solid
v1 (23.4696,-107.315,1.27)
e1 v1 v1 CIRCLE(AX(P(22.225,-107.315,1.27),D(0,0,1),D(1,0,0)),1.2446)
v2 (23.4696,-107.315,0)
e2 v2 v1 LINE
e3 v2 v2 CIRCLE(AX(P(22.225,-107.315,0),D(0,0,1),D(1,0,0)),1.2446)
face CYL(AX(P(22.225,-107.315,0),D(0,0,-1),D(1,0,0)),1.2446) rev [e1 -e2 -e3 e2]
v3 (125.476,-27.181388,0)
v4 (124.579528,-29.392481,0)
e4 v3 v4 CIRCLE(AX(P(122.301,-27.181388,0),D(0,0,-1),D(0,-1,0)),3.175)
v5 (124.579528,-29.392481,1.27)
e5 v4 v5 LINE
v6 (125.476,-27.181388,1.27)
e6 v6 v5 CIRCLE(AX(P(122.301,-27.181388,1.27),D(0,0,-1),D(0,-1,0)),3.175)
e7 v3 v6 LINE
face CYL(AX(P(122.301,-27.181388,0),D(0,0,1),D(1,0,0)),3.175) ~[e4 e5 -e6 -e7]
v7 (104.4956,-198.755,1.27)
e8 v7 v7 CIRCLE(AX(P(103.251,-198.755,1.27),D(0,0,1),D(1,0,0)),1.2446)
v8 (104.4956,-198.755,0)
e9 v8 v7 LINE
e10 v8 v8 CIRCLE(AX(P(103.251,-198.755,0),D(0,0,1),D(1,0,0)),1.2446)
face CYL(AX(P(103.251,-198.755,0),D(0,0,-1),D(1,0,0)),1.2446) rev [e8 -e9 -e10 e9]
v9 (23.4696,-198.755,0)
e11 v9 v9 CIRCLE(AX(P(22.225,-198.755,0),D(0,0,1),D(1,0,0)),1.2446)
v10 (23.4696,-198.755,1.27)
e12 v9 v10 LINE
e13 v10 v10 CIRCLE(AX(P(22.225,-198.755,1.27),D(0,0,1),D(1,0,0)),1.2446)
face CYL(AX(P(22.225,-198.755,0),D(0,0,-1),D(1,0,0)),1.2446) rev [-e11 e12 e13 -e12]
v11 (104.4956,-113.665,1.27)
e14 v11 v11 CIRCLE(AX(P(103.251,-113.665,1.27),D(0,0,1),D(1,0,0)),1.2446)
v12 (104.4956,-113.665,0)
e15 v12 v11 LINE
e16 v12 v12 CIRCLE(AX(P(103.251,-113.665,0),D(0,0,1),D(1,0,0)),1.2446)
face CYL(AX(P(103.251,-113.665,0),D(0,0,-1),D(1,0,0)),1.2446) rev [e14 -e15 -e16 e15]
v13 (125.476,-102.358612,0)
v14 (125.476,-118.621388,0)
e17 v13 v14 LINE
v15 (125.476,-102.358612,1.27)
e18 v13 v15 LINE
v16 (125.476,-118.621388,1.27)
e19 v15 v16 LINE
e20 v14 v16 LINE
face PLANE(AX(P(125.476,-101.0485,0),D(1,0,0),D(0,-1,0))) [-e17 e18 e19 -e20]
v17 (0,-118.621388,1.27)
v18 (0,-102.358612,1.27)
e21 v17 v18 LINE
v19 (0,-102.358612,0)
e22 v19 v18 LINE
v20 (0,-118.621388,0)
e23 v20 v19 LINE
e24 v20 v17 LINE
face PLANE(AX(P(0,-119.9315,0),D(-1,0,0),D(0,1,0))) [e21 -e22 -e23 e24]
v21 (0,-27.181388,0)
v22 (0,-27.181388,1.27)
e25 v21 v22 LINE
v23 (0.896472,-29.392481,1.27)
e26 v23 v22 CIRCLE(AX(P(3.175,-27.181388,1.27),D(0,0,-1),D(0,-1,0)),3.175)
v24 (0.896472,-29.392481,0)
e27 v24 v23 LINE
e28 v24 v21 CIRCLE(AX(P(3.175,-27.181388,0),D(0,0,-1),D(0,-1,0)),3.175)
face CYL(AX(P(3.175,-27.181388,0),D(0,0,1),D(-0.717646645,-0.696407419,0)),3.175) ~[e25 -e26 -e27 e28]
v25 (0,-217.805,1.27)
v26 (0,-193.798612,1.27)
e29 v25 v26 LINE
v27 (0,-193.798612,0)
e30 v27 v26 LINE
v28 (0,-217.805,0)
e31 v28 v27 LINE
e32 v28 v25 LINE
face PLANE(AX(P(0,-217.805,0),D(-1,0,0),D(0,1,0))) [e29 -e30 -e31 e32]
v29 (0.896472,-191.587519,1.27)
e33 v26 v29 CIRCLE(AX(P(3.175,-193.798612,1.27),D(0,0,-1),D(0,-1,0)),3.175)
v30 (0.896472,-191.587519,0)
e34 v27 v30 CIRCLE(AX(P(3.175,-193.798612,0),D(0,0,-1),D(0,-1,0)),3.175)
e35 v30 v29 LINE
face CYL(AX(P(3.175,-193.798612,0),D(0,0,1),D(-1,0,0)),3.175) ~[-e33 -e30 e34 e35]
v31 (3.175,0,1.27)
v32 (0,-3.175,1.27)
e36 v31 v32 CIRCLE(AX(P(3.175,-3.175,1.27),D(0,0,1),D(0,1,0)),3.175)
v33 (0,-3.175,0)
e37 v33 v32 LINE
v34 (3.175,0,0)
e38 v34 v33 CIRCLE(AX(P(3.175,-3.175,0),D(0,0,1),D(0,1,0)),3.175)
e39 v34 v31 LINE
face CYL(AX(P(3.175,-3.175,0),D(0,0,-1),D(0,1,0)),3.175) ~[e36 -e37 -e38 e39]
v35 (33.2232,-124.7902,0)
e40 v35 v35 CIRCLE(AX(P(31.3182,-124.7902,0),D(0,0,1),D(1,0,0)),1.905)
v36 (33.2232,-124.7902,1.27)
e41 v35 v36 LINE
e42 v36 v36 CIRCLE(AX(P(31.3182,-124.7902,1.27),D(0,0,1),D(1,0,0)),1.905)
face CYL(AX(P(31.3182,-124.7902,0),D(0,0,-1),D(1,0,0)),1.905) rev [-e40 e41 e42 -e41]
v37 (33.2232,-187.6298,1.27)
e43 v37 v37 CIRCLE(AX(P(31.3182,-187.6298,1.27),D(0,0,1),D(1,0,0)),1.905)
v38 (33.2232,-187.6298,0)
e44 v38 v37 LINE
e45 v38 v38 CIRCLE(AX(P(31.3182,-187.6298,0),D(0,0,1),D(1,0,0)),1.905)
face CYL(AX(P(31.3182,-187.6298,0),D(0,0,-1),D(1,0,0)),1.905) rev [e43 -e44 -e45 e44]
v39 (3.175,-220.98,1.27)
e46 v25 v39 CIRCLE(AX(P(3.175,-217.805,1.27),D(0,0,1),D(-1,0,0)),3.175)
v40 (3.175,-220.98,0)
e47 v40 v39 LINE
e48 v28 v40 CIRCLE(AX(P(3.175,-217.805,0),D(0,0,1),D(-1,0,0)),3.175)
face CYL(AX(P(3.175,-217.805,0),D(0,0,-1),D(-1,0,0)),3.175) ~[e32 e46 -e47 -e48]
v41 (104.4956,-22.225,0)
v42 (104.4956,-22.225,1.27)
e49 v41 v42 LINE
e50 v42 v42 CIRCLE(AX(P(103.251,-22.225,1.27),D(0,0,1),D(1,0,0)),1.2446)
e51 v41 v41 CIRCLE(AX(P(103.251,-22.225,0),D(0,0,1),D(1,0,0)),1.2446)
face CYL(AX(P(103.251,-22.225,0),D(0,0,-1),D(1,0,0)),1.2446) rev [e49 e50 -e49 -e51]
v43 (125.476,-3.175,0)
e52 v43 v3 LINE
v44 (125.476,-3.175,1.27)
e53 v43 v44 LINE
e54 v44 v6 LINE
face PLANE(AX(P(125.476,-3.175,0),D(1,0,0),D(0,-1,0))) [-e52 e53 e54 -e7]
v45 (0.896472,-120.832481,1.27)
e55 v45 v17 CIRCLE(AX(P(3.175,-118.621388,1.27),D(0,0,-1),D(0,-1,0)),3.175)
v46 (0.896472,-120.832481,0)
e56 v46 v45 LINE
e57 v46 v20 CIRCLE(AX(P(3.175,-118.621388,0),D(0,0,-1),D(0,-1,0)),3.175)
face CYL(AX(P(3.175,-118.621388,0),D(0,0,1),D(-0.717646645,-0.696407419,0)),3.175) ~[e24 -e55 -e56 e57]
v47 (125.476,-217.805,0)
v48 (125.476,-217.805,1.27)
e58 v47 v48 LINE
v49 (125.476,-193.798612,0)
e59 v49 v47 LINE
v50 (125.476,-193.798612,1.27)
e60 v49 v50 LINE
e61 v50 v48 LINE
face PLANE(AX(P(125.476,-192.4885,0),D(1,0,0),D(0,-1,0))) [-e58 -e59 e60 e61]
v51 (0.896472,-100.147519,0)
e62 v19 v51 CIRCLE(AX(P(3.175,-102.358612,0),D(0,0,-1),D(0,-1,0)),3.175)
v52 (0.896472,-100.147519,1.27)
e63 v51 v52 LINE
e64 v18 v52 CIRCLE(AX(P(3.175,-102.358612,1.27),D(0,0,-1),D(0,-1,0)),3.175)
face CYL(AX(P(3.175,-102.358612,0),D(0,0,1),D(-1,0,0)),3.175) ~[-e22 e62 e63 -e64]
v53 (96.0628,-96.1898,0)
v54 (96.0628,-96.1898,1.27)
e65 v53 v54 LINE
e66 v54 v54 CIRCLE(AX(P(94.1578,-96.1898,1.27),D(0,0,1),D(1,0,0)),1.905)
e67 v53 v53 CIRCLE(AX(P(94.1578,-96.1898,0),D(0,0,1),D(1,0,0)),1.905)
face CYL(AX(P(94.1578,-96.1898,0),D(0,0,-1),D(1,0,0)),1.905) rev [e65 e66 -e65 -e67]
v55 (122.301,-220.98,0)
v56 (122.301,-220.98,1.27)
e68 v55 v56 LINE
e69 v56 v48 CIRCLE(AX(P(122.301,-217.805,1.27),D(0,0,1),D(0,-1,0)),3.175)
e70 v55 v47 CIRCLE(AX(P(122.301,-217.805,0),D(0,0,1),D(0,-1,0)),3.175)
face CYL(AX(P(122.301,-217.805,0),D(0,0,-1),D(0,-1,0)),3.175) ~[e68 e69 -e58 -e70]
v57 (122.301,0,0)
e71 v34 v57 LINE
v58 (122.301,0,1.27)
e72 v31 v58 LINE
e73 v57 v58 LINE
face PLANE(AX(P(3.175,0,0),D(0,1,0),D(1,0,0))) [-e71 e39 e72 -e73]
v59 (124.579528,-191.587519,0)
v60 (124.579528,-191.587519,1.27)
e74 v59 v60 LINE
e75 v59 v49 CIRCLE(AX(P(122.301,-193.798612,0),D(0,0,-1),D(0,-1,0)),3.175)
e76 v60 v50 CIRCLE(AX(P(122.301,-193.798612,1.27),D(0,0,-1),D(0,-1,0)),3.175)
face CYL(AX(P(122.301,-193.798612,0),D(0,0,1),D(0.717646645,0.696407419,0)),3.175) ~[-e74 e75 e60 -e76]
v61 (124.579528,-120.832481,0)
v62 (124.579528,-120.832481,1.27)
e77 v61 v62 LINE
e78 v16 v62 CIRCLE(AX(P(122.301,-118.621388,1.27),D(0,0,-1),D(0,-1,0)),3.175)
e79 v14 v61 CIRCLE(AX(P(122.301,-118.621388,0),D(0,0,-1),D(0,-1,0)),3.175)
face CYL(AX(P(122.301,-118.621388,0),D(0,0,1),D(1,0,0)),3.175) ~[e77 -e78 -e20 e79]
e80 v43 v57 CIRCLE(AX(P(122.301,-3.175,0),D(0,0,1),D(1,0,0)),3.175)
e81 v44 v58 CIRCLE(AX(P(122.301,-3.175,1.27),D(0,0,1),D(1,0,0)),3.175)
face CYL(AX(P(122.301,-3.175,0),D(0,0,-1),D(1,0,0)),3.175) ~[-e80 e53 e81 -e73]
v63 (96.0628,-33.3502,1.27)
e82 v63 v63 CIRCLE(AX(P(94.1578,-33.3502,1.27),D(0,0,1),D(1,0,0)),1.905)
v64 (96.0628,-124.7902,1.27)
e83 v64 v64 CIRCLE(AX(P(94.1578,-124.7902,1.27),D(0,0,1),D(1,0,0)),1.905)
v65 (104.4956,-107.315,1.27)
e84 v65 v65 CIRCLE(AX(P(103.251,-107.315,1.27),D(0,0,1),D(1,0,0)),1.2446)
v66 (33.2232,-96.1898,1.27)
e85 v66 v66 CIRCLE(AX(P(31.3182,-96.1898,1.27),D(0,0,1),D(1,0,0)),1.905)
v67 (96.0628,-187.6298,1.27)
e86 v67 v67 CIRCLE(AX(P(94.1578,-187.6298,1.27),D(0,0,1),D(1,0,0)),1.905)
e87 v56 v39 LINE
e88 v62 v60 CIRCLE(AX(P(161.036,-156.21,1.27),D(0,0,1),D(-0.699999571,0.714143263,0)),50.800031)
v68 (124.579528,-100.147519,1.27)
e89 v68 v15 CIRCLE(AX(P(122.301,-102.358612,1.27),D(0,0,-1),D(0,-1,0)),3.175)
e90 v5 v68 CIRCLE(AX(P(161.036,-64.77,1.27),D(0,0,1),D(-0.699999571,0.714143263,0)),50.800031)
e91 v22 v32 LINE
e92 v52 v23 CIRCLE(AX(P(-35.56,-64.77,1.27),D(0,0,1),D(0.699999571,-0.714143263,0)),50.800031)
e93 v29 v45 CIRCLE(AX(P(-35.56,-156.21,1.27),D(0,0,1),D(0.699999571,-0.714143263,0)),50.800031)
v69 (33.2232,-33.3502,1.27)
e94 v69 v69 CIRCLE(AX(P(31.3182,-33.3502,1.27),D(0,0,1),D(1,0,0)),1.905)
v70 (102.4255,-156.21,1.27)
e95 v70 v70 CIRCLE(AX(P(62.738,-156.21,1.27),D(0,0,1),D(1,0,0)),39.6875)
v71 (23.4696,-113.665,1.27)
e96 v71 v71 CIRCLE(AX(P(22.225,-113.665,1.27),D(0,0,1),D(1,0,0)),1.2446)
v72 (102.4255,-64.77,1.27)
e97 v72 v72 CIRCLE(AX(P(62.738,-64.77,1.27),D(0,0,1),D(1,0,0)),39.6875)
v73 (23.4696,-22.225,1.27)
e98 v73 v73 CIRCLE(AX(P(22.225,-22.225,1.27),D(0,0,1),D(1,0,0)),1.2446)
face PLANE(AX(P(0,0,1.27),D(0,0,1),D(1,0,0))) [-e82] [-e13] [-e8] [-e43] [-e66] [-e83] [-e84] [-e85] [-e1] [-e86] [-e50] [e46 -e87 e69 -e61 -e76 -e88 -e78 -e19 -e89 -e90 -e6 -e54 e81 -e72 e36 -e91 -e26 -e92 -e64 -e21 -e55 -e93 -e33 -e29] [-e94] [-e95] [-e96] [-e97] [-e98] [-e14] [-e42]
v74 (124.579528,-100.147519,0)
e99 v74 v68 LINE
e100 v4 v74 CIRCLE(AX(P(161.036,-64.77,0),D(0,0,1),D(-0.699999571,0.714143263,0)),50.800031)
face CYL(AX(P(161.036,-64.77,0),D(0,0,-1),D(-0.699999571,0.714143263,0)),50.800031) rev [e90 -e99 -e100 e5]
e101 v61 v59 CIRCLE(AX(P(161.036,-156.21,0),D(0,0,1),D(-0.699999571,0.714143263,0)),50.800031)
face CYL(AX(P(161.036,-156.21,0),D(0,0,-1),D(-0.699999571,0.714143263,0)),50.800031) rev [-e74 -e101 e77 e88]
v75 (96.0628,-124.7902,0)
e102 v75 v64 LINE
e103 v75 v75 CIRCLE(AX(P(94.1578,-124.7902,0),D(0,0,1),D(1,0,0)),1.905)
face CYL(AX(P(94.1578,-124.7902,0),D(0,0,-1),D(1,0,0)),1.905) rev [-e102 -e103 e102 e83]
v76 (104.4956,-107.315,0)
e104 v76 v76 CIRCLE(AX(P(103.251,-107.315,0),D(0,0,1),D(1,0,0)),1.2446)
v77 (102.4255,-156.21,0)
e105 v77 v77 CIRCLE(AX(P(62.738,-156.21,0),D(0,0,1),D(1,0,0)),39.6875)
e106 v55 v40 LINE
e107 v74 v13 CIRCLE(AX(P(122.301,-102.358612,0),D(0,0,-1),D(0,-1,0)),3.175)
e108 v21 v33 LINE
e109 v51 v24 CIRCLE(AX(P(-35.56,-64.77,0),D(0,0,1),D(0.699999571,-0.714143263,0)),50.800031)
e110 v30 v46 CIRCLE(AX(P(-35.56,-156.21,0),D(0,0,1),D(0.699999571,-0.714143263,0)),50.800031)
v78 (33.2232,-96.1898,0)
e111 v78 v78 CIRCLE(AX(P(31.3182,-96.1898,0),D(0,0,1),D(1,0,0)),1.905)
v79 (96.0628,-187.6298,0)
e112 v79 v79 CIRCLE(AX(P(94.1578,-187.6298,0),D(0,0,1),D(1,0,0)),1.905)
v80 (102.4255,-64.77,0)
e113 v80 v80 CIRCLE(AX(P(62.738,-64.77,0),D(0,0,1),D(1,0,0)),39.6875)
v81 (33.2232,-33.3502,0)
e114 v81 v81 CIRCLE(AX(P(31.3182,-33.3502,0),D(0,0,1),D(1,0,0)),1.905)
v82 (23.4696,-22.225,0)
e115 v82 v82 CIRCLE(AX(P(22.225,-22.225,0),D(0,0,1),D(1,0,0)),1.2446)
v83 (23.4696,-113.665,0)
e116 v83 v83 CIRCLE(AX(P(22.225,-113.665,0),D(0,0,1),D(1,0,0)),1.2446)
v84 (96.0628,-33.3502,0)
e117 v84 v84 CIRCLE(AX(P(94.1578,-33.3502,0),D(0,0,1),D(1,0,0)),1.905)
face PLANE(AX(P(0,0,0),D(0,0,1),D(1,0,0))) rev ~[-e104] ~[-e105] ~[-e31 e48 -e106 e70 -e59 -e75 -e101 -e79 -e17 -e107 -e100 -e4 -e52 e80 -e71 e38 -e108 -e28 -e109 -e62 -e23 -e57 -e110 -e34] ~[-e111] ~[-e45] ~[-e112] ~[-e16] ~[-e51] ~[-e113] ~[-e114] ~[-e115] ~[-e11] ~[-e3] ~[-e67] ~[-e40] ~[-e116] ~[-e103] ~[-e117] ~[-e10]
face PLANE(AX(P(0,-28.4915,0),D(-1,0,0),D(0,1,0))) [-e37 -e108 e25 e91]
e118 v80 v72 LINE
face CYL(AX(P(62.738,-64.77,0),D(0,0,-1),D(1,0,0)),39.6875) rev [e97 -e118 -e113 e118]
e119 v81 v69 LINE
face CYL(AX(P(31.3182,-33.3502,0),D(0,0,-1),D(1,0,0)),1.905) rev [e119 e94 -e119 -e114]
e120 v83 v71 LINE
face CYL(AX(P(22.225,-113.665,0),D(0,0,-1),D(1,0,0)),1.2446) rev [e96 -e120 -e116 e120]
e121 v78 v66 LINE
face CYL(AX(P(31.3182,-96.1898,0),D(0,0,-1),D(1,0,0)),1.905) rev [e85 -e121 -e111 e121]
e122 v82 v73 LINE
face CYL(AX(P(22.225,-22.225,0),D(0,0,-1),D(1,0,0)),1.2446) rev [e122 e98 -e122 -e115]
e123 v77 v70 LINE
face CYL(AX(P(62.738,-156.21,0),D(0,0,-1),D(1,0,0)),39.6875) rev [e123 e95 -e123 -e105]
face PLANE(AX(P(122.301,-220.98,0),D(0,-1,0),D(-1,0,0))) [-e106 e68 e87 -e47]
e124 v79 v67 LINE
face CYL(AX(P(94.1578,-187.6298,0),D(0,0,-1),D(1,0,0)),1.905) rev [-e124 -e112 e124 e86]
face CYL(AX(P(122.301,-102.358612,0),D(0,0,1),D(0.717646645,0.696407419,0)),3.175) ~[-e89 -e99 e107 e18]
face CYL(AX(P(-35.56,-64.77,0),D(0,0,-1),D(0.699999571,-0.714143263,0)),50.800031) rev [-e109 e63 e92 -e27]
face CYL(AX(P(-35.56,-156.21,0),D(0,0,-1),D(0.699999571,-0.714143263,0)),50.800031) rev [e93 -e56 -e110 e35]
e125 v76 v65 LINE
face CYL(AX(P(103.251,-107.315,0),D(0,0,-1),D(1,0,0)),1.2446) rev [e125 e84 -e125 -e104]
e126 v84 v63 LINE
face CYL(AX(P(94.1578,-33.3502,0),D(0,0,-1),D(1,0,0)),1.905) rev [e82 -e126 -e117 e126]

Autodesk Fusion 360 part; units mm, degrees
sketch "Sketch1" plane through (0, 0, 0) normal (0, 0, 1) x (1, 0, 0)
  line L0 (3.175, 0) -> (122.301, 0)
  line L1 (125.476, -3.175) -> (125.476, -217.805)
  line L2 (122.301, -220.98) -> (3.175, -220.98)
  line L3 (0, -217.805) -> (0, -3.175)
  circle A0 centre (62.738, -64.77) radius 39.6875
  line L4 (94.1578, -33.3502) -> (31.3182, -33.3502) construction
  line L5 (31.3182, -33.3502) -> (31.3182, -96.1898) construction
  line L6 (31.3182, -96.1898) -> (94.1578, -96.1898) construction
  line L7 (94.1578, -96.1898) -> (94.1578, -33.3502) construction
  line L8 (94.1578, -33.3502) -> (31.3182, -96.1898) construction
  line L9 (31.3182, -33.3502) -> (94.1578, -96.1898) construction
  line L10 (103.251, -22.225) -> (22.225, -22.225) construction
  line L11 (22.225, -22.225) -> (22.225, -107.315) construction
  line L12 (22.225, -107.315) -> (103.251, -107.315) construction
  line L13 (103.251, -107.315) -> (103.251, -22.225) construction
  line L14 (103.251, -22.225) -> (22.225, -107.315) construction
  line L15 (22.225, -22.225) -> (103.251, -107.315) construction
  line L16 (62.738, -64.77) -> (62.738, 0) construction
  circle A1 centre (22.225, -22.225) radius 1.2446
  circle A2 centre (103.251, -22.225) radius 1.2446
  circle A3 centre (103.251, -107.315) radius 1.2446
  circle A4 centre (22.225, -107.315) radius 1.2446
  circle A5 centre (31.3182, -33.3502) radius 1.905
  circle A6 centre (94.1578, -33.3502) radius 1.905
  circle A7 centre (94.1578, -96.1898) radius 1.905
  circle A8 centre (31.3182, -96.1898) radius 1.905
  line L17 (0, -110.49) -> (125.476, -110.49) construction
  circle A9 centre (62.738, -156.21) radius 39.6875
  circle A10 centre (94.1578, -187.6298) radius 1.905
  circle A11 centre (103.251, -198.755) radius 1.2446
  circle A12 centre (31.3182, -187.6298) radius 1.905
  circle A13 centre (22.225, -198.755) radius 1.2446
  circle A14 centre (31.3182, -124.7902) radius 1.905
  circle A15 centre (22.225, -113.665) radius 1.2446
  circle A16 centre (94.1578, -124.7902) radius 1.905
  circle A17 centre (103.251, -113.665) radius 1.2446
  arc A18 (125.476, -3.175) -> (122.301, 0) centre (122.301, -3.175) ccw
  arc A19 (122.301, -220.98) -> (125.476, -217.805) centre (122.301, -217.805) ccw
  arc A20 (0, -217.805) -> (3.175, -220.98) centre (3.175, -217.805) ccw
  arc A21 (3.175, 0) -> (0, -3.175) centre (3.175, -3.175) ccw
  arc A22 (125.476, -28.4915) -> (125.476, -101.0485) centre (161.036, -64.77) ccw
  line L18 (106.426, 0) -> (106.426, -110.49) construction
  line L19 (110.236, -31.8716) -> (110.236, -89.3503) construction
  arc A23 (125.476, -119.9315) -> (125.476, -192.4885) centre (161.036, -156.21) ccw
  arc A24 (0, -101.0485) -> (0, -28.4915) centre (-35.56, -64.77) ccw
  arc A25 (0, -192.4885) -> (0, -119.9315) centre (-35.56, -156.21) ccw
  point P0 (125.476, 0)
  point P1 (0, -220.98)
  point P2 (62.738, -64.77)
  point P3 (62.738, -64.77)
  dimension "d1" = 125.476
  dimension "d2" = 220.98
  dimension "d5" = 64.77
  dimension "d8" = 22.225
  dimension "d9" = 33.3502
  dimension "d10" = 2.4892
  dimension "d11" = 3.81
  dimension "d12" = 96.1898
  dimension "d13" = 107.315
  dimension "d14" = 22.225
  dimension "d15" = 31.3182
  dimension "d16" = 94.1578
  dimension "d17" = 103.251
  dimension "d18" = 62.738
  dimension "d19" = 79.375
  dimension "d20" = 113.665
  dimension "d21" = 124.7902
  dimension "d22" = 156.21
  dimension "d23" = 187.6298
  dimension "d24" = 198.755
  dimension "d27" = 3.175
  dimension "d28" = 50.8
  dimension "d29" = 43.688
  dimension "d30" = 3.81
extrude "Extrude1" add sketch "Sketch1" along normal blind 1.27 contours L0 L1 L2 L3 A18 A19 A20 A21 A22 A23 A24 A25
fillet "Fillet1" radius 3.175 8 edges at (125.476, -28.4915, 0.635) (125.476, -101.0485, 0.635) (125.476, -119.9315, 0.635) (125.476, -192.4885, 0.635) (0, -192.4885, 0.635) (0, -119.9315, 0.635) (0, -101.0485, 0.635) (0, -28.4915, 0.635)
equation "d29 = ( 3.44 / 2 ) * 1 in"
